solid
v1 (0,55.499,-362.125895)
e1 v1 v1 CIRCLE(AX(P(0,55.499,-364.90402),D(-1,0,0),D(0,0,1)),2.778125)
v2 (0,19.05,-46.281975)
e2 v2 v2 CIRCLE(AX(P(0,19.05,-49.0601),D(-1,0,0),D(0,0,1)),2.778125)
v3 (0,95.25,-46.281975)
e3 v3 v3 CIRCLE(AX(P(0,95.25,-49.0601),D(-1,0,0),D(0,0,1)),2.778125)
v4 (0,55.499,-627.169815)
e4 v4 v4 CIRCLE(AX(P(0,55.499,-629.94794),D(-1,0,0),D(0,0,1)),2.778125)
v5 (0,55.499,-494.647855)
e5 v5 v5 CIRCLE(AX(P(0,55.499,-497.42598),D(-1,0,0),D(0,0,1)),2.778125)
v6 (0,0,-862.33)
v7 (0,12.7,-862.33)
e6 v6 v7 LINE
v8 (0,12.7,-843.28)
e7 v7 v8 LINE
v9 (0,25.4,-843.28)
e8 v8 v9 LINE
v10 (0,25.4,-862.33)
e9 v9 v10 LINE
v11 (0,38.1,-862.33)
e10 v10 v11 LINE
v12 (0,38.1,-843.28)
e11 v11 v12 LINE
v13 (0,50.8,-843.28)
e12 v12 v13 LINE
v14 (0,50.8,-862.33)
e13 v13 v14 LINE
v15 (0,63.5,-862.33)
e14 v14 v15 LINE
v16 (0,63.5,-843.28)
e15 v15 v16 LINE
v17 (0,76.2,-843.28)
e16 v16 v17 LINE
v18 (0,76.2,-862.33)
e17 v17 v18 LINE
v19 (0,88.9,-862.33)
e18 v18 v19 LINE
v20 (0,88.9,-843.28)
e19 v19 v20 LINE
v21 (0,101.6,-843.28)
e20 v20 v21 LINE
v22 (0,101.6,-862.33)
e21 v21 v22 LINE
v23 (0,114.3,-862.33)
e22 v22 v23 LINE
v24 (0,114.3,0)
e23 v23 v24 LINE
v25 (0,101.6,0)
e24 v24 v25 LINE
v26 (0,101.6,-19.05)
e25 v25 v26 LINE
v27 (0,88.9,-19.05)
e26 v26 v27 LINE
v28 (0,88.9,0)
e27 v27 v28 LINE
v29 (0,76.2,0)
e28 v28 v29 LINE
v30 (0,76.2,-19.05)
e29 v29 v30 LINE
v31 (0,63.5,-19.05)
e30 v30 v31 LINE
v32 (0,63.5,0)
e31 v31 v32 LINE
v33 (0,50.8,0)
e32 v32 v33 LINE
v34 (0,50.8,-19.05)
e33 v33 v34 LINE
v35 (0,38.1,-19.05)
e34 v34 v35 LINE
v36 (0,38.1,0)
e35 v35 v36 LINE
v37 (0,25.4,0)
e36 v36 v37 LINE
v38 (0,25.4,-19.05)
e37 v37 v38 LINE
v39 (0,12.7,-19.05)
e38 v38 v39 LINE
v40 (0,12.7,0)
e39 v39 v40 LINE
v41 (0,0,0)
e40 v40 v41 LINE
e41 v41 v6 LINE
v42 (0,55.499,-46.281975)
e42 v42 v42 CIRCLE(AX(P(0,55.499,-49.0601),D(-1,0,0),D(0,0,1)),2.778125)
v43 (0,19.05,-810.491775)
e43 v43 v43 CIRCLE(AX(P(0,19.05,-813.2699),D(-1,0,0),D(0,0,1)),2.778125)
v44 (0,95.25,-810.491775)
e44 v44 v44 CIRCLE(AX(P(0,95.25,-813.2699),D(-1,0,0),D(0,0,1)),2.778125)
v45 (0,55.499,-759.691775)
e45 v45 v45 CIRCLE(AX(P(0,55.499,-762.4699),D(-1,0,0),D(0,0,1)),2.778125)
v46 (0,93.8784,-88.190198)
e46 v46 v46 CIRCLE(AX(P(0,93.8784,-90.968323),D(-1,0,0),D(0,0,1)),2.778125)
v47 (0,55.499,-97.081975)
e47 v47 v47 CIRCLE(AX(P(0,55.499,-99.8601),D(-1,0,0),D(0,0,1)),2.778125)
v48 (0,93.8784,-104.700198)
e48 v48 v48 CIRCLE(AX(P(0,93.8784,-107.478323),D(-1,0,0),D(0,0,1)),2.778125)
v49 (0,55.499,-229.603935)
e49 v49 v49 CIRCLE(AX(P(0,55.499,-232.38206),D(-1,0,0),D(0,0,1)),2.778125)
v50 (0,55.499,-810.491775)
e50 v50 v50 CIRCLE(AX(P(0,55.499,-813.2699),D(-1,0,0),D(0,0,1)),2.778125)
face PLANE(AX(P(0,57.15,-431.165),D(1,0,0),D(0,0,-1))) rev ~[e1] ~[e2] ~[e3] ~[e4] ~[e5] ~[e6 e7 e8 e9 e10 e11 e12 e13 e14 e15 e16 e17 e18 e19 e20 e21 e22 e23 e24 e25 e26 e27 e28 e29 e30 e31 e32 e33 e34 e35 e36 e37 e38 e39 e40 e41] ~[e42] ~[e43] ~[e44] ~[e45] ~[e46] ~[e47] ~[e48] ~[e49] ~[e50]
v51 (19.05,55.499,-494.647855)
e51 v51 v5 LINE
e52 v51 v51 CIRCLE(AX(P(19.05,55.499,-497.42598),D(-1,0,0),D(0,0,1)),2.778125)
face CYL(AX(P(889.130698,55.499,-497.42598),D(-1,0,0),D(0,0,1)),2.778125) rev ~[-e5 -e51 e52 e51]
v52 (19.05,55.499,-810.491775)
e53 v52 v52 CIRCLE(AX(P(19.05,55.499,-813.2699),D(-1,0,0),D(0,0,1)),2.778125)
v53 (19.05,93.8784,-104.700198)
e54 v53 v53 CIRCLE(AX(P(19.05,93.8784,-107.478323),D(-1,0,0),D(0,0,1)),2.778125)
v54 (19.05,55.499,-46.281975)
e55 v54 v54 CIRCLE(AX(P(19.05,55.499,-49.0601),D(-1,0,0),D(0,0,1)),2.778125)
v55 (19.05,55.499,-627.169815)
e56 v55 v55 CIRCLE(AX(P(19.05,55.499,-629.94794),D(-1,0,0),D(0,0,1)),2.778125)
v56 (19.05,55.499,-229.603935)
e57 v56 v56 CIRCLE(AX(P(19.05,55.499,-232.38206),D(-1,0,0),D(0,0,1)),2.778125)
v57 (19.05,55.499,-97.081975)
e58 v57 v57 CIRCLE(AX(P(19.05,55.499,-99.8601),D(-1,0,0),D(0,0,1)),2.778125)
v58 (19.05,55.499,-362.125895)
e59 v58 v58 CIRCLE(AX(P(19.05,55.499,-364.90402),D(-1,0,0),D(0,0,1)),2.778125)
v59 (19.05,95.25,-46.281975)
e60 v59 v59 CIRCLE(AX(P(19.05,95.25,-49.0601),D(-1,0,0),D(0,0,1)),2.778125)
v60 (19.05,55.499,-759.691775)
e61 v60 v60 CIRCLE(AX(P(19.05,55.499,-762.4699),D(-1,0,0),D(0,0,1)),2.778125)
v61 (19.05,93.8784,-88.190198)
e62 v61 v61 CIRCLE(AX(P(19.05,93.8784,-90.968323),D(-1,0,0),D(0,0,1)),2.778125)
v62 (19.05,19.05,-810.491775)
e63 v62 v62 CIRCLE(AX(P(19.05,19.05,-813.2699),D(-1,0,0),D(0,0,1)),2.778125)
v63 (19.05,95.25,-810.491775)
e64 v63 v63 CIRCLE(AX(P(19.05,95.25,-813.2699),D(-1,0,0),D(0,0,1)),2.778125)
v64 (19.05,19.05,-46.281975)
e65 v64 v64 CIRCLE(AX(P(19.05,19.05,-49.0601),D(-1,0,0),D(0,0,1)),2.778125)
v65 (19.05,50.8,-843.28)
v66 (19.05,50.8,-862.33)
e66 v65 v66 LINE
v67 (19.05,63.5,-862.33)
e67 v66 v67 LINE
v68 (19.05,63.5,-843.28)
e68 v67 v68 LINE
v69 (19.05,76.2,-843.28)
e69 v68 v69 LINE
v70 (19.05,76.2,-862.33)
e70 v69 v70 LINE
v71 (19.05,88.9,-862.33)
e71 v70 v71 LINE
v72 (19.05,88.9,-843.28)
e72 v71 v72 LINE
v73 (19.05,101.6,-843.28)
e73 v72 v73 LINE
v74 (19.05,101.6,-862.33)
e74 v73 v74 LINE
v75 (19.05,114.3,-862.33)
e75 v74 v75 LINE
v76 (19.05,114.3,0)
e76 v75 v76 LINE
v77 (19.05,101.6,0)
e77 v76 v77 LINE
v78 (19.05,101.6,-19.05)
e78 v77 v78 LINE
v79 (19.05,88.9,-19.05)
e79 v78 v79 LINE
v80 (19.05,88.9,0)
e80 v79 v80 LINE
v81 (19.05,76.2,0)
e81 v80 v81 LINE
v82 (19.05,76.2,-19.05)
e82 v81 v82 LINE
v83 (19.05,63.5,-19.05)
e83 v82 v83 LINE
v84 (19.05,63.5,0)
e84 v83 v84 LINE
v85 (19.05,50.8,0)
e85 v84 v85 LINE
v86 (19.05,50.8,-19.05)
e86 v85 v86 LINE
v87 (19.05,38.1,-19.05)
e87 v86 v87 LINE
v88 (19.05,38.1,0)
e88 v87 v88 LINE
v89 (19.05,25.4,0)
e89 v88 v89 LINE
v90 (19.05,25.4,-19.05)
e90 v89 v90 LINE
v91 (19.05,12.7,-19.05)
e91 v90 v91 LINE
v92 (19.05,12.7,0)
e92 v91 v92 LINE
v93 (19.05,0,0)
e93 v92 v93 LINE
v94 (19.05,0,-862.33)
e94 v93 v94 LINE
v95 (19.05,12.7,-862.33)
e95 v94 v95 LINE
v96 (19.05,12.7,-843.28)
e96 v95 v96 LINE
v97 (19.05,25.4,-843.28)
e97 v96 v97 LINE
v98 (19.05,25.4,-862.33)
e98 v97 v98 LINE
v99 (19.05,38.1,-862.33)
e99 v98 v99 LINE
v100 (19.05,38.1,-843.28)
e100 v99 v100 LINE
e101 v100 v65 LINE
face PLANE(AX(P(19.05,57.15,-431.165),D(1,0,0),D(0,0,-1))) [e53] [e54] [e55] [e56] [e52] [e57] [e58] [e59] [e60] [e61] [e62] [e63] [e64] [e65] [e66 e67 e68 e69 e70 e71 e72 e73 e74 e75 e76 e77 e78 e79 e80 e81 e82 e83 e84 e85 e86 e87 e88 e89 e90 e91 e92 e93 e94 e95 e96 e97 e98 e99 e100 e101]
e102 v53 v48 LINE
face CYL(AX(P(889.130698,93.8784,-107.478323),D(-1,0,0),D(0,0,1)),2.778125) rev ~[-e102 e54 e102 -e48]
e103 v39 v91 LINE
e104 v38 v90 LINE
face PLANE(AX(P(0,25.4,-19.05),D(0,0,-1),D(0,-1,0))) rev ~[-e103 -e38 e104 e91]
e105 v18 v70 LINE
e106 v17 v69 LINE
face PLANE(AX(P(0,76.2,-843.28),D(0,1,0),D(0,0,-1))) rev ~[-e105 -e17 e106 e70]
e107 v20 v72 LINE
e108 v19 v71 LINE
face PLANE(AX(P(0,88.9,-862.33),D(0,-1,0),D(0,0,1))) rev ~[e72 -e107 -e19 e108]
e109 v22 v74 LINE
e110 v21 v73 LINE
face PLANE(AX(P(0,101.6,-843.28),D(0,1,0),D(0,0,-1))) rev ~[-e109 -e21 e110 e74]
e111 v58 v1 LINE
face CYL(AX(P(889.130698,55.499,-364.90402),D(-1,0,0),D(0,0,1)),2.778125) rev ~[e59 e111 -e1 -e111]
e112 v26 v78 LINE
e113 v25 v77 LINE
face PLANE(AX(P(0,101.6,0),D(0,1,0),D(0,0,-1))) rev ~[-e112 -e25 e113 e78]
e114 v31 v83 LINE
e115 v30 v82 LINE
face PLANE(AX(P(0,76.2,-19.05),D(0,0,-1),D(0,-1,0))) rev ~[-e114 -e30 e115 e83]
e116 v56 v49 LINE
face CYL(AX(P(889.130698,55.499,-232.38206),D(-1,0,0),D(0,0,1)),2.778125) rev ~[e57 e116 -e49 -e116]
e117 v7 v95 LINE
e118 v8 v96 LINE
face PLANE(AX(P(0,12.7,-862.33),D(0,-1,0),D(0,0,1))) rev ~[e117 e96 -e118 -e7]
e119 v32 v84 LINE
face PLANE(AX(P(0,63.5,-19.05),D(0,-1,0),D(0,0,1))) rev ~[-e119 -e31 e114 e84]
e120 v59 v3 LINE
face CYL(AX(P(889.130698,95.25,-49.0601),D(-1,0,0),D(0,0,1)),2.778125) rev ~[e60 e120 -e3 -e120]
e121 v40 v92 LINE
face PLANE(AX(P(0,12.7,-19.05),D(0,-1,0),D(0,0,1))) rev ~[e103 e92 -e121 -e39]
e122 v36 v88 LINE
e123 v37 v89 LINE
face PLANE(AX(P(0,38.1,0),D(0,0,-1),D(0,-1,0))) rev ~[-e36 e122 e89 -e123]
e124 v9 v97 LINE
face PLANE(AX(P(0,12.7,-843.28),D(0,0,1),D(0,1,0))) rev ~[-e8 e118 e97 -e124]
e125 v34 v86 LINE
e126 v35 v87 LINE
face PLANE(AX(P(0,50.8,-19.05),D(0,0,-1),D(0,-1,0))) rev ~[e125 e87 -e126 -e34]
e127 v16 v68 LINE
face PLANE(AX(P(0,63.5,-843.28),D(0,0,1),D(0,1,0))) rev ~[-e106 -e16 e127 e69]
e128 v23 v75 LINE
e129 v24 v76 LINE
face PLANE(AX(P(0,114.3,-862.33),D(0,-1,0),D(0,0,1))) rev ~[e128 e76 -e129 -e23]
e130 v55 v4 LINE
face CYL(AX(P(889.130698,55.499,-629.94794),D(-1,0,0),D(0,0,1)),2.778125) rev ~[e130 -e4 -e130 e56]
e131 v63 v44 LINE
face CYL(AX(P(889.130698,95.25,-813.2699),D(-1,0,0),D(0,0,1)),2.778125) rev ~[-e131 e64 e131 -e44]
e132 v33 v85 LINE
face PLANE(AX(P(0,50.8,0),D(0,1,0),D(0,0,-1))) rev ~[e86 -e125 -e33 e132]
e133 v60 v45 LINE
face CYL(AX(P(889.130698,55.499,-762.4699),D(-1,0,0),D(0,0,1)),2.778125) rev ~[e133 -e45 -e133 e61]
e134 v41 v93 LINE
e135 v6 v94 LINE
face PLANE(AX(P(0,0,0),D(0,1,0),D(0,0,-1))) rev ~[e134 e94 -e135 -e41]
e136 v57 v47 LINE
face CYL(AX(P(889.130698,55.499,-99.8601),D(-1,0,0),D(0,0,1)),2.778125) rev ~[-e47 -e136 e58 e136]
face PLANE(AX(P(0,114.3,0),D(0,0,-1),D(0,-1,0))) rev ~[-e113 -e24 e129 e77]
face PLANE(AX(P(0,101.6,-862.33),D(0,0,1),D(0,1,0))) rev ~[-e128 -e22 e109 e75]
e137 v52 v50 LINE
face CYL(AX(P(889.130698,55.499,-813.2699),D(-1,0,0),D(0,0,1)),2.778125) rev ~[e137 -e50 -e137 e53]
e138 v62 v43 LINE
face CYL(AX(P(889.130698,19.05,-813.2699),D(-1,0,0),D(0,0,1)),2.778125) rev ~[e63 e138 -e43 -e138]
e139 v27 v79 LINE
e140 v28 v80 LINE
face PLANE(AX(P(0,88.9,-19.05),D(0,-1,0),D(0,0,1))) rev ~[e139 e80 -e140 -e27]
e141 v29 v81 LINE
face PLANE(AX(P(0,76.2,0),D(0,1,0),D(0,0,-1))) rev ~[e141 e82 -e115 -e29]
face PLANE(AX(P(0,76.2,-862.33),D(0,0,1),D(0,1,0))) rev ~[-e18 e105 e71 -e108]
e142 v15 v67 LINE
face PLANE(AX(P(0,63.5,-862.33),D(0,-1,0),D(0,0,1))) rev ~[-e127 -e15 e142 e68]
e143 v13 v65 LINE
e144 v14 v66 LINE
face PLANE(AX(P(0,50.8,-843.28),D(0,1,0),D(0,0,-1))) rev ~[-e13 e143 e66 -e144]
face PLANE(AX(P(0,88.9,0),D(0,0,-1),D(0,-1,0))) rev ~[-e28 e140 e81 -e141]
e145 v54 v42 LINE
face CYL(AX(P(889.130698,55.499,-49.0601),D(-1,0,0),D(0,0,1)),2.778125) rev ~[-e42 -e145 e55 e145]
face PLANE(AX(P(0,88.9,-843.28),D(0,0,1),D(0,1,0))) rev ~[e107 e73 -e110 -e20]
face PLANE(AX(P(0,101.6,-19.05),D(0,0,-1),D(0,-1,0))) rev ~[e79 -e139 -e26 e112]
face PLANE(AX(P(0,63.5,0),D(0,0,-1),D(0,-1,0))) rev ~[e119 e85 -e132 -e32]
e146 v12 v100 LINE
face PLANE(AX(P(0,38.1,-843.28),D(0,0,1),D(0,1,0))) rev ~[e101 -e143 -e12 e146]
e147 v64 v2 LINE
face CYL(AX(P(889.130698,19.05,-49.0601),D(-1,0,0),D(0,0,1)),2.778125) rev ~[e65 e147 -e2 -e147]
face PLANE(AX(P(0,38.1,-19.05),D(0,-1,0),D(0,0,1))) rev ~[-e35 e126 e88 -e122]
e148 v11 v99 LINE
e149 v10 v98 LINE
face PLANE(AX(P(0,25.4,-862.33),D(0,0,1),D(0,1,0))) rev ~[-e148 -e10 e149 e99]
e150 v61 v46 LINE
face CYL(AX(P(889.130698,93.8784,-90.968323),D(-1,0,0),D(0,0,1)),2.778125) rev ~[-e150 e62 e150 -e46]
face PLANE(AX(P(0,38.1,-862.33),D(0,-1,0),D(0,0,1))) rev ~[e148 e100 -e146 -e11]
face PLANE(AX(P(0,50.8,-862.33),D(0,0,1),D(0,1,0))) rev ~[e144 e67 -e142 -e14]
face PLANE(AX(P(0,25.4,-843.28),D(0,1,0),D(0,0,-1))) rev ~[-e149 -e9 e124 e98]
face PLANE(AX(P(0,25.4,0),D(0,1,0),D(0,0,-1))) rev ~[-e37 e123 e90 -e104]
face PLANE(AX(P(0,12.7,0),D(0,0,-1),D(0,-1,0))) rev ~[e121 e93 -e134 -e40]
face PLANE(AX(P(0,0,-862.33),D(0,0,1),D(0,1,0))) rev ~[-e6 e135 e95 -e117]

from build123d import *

# Parameters (mm, degrees)
BOSS_EXTRUDE1_DEPTH             = 19.05
F_7_32_0_21875_DIAMETER_HOLE2_D = 5.55625


with BuildPart() as part:
    # Sketch1 → Boss-Extrude1 (new body)
    with BuildSketch(Plane(origin=(0, 0, 0), x_dir=(0, 0, -1), z_dir=(1, 0, 0))):
        Polygon((0, 0), (862.33, 0), (862.33, 12.7), (843.28, 12.7), (843.28, 25.4), (862.33, 25.4), (862.33, 38.1), (843.28, 38.1), (843.28, 50.8), (862.33, 50.8), (862.33, 63.5), (843.28, 63.5), (843.28, 76.2), (862.33, 76.2), (862.33, 88.9), (843.28, 88.9), (843.28, 101.6), (862.33, 101.6), (862.33, 114.3), (0, 114.3), (0, 101.6), (19.05, 101.6), (19.05, 88.9), (0, 88.9), (0, 76.2), (19.05, 76.2), (19.05, 63.5), (0, 63.5), (0, 50.8), (19.05, 50.8), (19.05, 38.1), (0, 38.1), (0, 25.4), (19.05, 25.4), (19.05, 12.7), (0, 12.7), align=None)
    extrude(amount=BOSS_EXTRUDE1_DEPTH)

    # 7/32 (0.21875) Diameter Hole2 (through all)
    with Locations(Plane(origin=(19.05, 0, 0), x_dir=(0, 0, -1), z_dir=(1, 0, 0))):
        with Locations((49.0601, 55.499), (99.8601, 55.499), (232.38206, 55.499), (364.90402, 55.499), (497.42598, 55.499), (629.94794, 55.499), (762.4699, 55.499), (813.2699, 55.499), (813.2699, 95.25), (813.2699, 19.05), (49.0601, 95.25), (49.0601, 19.05), (90.968322508, 93.8784), (107.478322508, 93.8784)):
            Hole(F_7_32_0_21875_DIAMETER_HOLE2_D / 2)


solid = part.part
